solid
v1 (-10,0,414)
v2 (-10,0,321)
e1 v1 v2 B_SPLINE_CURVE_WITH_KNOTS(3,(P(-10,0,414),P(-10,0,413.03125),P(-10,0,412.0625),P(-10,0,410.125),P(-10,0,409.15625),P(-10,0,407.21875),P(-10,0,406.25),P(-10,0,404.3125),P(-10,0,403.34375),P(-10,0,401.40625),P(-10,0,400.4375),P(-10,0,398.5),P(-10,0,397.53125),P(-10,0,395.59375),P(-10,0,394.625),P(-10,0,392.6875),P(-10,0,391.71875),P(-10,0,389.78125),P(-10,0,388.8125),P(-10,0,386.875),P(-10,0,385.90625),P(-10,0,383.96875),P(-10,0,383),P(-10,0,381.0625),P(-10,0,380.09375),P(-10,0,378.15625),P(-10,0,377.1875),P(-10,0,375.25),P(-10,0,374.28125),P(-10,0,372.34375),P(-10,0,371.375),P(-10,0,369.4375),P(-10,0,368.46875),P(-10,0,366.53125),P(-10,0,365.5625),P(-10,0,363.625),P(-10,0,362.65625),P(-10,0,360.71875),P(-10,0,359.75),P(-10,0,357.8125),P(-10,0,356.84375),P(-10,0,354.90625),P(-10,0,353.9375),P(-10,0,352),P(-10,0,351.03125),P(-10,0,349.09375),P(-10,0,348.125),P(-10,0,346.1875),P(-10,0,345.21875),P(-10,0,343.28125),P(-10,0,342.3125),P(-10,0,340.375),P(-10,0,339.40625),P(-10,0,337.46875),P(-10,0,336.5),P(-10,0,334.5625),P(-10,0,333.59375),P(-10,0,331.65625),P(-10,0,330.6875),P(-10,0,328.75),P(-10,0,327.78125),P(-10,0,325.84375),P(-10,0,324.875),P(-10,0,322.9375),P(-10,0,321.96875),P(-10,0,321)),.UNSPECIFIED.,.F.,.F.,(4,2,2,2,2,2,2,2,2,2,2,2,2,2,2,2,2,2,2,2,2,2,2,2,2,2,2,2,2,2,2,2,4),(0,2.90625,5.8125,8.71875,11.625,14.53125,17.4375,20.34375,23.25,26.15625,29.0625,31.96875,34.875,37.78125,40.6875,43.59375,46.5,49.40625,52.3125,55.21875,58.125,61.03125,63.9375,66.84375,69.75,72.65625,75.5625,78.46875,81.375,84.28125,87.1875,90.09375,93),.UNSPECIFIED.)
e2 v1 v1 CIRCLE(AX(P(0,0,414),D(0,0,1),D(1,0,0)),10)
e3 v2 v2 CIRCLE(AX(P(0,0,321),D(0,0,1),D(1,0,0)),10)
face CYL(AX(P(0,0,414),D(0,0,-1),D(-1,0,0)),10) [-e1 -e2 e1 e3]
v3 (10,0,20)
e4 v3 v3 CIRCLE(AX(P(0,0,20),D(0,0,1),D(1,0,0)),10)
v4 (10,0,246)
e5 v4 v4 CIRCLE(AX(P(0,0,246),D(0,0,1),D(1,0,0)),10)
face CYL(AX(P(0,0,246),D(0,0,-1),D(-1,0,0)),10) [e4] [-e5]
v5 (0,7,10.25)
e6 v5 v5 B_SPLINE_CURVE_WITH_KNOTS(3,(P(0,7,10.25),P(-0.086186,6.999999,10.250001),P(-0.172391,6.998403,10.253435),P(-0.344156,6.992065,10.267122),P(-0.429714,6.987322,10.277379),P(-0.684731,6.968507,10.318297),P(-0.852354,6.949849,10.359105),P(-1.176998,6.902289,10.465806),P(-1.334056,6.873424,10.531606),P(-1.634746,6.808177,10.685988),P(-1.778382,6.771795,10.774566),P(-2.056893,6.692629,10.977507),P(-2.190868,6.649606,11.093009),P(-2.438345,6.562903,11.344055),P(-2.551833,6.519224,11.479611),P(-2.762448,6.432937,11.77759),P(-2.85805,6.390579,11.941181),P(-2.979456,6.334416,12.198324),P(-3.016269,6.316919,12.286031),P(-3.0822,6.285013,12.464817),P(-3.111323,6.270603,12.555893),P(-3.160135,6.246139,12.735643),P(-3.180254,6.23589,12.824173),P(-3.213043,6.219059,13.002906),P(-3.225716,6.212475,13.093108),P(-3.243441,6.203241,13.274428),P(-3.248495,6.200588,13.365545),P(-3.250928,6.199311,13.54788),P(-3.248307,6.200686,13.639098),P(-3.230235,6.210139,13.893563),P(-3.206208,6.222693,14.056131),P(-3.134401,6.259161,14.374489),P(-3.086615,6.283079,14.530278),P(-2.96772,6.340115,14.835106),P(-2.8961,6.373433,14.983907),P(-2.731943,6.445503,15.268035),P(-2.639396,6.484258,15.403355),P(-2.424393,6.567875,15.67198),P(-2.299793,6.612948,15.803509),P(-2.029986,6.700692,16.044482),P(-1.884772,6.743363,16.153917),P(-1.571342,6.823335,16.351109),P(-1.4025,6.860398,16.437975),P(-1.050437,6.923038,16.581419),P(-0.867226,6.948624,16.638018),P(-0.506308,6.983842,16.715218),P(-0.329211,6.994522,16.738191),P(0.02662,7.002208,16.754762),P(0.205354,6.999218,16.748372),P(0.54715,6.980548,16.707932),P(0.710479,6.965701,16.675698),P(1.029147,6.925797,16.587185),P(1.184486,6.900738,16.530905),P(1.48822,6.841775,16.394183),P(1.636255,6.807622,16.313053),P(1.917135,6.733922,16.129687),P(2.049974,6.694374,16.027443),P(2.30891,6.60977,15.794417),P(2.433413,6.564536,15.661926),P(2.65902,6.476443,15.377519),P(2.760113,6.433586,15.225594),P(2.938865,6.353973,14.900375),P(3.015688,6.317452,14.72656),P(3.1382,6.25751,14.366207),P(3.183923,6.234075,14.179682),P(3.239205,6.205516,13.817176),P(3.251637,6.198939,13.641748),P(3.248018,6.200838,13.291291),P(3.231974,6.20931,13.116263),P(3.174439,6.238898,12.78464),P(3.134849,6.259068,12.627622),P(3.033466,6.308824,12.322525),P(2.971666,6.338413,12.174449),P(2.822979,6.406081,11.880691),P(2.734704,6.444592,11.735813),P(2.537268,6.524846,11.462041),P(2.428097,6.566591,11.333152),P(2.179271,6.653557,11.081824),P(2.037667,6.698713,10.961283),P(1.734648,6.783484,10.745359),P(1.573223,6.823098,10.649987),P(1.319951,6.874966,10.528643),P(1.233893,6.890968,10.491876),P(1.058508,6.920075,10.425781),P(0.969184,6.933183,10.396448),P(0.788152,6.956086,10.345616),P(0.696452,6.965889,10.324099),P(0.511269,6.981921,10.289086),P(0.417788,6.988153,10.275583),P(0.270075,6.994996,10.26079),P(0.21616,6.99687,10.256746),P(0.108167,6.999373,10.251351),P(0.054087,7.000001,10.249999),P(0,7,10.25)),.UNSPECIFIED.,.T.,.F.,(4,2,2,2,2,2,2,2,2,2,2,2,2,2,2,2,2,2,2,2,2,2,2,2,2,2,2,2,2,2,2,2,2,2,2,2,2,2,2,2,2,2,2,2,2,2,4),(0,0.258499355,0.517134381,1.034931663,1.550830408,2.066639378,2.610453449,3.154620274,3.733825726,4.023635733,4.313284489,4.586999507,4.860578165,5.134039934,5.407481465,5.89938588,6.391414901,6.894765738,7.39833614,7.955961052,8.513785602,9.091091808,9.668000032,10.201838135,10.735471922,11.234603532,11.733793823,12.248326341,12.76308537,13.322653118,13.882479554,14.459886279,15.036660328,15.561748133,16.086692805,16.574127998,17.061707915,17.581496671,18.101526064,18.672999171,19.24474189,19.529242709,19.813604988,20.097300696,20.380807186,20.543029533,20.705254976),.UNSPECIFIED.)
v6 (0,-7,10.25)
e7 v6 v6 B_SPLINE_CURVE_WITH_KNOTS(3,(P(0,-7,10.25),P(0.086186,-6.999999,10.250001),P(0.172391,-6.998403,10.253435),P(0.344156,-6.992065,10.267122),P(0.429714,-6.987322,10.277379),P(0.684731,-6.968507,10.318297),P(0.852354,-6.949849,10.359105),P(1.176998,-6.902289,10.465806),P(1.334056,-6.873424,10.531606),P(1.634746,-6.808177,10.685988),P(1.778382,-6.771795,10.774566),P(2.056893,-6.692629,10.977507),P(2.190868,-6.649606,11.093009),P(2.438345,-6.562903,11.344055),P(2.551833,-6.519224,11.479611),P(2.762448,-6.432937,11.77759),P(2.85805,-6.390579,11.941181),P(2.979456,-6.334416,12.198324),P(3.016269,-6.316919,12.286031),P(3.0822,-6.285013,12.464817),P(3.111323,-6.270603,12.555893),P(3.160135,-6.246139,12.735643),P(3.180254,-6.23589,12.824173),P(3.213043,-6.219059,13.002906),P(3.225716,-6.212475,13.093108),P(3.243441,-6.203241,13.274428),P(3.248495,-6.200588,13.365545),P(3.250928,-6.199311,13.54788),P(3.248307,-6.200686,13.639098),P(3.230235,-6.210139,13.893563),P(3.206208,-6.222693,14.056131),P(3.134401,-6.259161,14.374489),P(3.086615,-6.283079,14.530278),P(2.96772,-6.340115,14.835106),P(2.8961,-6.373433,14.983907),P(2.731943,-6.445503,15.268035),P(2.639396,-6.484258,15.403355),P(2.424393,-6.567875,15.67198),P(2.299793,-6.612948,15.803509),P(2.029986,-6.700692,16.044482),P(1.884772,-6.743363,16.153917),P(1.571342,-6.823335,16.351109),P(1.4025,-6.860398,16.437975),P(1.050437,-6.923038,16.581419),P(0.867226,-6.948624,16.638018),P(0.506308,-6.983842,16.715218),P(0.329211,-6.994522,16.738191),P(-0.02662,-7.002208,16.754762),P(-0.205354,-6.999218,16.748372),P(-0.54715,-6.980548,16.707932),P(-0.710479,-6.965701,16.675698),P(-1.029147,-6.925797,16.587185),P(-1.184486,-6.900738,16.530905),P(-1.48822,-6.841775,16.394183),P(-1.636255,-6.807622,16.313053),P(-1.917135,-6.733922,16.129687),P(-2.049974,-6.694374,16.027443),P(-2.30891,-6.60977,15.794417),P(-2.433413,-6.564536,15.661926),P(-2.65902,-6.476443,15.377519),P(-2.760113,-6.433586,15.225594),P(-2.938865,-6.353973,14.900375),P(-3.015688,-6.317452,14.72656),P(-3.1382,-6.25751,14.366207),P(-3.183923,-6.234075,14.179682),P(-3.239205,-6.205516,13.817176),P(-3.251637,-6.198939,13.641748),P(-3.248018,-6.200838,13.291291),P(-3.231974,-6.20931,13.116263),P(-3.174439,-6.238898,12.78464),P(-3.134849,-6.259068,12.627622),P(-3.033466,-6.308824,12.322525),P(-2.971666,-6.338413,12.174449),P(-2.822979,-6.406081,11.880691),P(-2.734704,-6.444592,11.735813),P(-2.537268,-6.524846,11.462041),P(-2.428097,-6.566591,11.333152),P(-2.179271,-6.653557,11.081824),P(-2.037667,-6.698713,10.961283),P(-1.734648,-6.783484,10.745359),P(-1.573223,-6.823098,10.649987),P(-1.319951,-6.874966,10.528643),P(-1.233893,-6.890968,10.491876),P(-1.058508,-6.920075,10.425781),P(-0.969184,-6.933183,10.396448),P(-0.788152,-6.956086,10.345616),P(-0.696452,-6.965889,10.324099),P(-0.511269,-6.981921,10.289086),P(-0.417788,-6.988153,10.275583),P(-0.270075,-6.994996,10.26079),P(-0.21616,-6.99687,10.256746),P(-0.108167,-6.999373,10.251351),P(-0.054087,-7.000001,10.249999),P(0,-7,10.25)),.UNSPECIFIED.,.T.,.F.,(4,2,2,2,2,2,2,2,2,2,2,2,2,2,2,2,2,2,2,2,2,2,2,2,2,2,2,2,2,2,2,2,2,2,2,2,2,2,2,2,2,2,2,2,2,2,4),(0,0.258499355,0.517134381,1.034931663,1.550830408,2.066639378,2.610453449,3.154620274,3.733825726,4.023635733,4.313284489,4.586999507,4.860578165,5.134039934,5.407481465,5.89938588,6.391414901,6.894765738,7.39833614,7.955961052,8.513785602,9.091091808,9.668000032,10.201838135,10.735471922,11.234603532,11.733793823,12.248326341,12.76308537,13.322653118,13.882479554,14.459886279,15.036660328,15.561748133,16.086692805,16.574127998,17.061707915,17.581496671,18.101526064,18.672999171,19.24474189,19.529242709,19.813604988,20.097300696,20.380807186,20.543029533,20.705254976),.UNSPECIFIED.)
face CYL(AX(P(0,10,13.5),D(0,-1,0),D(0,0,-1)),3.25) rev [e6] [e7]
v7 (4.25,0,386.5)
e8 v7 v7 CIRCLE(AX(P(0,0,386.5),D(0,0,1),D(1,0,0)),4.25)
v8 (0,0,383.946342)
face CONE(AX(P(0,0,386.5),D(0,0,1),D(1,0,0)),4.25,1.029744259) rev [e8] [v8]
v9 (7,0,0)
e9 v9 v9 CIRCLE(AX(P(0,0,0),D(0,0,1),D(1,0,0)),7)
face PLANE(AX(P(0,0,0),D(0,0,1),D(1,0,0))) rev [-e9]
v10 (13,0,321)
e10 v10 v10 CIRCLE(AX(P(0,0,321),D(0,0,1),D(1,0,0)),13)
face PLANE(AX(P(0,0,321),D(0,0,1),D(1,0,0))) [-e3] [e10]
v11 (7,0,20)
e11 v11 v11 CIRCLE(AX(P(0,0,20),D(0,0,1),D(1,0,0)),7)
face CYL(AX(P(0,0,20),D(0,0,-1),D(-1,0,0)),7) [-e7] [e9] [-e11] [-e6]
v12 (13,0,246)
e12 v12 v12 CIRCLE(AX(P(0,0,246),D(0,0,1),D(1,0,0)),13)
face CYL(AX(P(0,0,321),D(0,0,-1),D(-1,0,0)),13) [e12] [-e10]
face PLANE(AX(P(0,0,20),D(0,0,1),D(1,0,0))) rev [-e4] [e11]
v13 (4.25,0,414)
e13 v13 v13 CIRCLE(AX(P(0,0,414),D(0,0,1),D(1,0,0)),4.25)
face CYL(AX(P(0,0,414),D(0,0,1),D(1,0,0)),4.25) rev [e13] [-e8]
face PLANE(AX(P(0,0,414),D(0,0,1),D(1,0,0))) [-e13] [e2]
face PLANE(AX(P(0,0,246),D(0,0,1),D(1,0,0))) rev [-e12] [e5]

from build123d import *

# Parameters (mm, degrees)
SCHIZZO1_R                    = 7
ESTRUSIONE1_DEPTH             = 20
SCHIZZO2_R                    = 10
ESTRUSIONE2_DEPTH             = 226
SCHIZZO6_R                    = 13
ESTRUSIONE_ESTRUSIONE1_DEPTH  = 75
SCHIZZO7_R                    = 10
ESTRUSIONE_ESTRUSIONE2_DEPTH  = 93
FORO_FILETTATO_M10_1_D        = 8.5
FORO_FILETTATO_M10_1_DEPTH    = 27.5
FORO_FILETTATO_M10_1_TIP      = 2.553657631
TAGLIO_ESTRUSIONE1_DEPTH      = 10
TAGLIO_ESTRUSIONE1_DEPTH_BACK = 10
SCHIZZO10_R                   = 3.25


with BuildPart() as part:
    # Schizzo1 → Estrusione1 (new body)
    with BuildSketch(Plane.XY):
        Circle(SCHIZZO1_R)
    extrude(amount=ESTRUSIONE1_DEPTH)

    # Schizzo2 → Estrusione2 (add)
    with BuildSketch(Plane.XY.offset(20)):
        Circle(SCHIZZO2_R)
    extrude(amount=ESTRUSIONE2_DEPTH)

    # Schizzo6 → Estrusione-Estrusione1 (add)
    with BuildSketch(Plane.XY.offset(246)):
        Circle(SCHIZZO6_R)
    extrude(amount=ESTRUSIONE_ESTRUSIONE1_DEPTH)

    # Schizzo7 → Estrusione-Estrusione2 (add)
    with BuildSketch(Plane.XY.offset(321)):
        Circle(SCHIZZO7_R)
    extrude(amount=ESTRUSIONE_ESTRUSIONE2_DEPTH)

    # Foro filettato M10-1
    with Locations(Plane.XY.offset(414)):
        with Locations((0, 0)):
            Hole(FORO_FILETTATO_M10_1_D / 2, depth=FORO_FILETTATO_M10_1_DEPTH)
            with Locations((0, 0, -(FORO_FILETTATO_M10_1_DEPTH + FORO_FILETTATO_M10_1_TIP / 2))):  # 118° drill point
                Cone(0, FORO_FILETTATO_M10_1_D / 2, FORO_FILETTATO_M10_1_TIP, mode=Mode.SUBTRACT)

    # Schizzo10 → Taglio-Estrusione1 (cut, two sides: drawn at the far end of the back side and taken through both)
    with BuildSketch(Plane(origin=(0, 0, 0), x_dir=(1, 0, 0), z_dir=(0, 1, 0)).offset(-TAGLIO_ESTRUSIONE1_DEPTH_BACK)):
        with Locations((0, -13.5)):
            Circle(SCHIZZO10_R)
    extrude(amount=TAGLIO_ESTRUSIONE1_DEPTH + TAGLIO_ESTRUSIONE1_DEPTH_BACK, mode=Mode.SUBTRACT)


solid = part.part
